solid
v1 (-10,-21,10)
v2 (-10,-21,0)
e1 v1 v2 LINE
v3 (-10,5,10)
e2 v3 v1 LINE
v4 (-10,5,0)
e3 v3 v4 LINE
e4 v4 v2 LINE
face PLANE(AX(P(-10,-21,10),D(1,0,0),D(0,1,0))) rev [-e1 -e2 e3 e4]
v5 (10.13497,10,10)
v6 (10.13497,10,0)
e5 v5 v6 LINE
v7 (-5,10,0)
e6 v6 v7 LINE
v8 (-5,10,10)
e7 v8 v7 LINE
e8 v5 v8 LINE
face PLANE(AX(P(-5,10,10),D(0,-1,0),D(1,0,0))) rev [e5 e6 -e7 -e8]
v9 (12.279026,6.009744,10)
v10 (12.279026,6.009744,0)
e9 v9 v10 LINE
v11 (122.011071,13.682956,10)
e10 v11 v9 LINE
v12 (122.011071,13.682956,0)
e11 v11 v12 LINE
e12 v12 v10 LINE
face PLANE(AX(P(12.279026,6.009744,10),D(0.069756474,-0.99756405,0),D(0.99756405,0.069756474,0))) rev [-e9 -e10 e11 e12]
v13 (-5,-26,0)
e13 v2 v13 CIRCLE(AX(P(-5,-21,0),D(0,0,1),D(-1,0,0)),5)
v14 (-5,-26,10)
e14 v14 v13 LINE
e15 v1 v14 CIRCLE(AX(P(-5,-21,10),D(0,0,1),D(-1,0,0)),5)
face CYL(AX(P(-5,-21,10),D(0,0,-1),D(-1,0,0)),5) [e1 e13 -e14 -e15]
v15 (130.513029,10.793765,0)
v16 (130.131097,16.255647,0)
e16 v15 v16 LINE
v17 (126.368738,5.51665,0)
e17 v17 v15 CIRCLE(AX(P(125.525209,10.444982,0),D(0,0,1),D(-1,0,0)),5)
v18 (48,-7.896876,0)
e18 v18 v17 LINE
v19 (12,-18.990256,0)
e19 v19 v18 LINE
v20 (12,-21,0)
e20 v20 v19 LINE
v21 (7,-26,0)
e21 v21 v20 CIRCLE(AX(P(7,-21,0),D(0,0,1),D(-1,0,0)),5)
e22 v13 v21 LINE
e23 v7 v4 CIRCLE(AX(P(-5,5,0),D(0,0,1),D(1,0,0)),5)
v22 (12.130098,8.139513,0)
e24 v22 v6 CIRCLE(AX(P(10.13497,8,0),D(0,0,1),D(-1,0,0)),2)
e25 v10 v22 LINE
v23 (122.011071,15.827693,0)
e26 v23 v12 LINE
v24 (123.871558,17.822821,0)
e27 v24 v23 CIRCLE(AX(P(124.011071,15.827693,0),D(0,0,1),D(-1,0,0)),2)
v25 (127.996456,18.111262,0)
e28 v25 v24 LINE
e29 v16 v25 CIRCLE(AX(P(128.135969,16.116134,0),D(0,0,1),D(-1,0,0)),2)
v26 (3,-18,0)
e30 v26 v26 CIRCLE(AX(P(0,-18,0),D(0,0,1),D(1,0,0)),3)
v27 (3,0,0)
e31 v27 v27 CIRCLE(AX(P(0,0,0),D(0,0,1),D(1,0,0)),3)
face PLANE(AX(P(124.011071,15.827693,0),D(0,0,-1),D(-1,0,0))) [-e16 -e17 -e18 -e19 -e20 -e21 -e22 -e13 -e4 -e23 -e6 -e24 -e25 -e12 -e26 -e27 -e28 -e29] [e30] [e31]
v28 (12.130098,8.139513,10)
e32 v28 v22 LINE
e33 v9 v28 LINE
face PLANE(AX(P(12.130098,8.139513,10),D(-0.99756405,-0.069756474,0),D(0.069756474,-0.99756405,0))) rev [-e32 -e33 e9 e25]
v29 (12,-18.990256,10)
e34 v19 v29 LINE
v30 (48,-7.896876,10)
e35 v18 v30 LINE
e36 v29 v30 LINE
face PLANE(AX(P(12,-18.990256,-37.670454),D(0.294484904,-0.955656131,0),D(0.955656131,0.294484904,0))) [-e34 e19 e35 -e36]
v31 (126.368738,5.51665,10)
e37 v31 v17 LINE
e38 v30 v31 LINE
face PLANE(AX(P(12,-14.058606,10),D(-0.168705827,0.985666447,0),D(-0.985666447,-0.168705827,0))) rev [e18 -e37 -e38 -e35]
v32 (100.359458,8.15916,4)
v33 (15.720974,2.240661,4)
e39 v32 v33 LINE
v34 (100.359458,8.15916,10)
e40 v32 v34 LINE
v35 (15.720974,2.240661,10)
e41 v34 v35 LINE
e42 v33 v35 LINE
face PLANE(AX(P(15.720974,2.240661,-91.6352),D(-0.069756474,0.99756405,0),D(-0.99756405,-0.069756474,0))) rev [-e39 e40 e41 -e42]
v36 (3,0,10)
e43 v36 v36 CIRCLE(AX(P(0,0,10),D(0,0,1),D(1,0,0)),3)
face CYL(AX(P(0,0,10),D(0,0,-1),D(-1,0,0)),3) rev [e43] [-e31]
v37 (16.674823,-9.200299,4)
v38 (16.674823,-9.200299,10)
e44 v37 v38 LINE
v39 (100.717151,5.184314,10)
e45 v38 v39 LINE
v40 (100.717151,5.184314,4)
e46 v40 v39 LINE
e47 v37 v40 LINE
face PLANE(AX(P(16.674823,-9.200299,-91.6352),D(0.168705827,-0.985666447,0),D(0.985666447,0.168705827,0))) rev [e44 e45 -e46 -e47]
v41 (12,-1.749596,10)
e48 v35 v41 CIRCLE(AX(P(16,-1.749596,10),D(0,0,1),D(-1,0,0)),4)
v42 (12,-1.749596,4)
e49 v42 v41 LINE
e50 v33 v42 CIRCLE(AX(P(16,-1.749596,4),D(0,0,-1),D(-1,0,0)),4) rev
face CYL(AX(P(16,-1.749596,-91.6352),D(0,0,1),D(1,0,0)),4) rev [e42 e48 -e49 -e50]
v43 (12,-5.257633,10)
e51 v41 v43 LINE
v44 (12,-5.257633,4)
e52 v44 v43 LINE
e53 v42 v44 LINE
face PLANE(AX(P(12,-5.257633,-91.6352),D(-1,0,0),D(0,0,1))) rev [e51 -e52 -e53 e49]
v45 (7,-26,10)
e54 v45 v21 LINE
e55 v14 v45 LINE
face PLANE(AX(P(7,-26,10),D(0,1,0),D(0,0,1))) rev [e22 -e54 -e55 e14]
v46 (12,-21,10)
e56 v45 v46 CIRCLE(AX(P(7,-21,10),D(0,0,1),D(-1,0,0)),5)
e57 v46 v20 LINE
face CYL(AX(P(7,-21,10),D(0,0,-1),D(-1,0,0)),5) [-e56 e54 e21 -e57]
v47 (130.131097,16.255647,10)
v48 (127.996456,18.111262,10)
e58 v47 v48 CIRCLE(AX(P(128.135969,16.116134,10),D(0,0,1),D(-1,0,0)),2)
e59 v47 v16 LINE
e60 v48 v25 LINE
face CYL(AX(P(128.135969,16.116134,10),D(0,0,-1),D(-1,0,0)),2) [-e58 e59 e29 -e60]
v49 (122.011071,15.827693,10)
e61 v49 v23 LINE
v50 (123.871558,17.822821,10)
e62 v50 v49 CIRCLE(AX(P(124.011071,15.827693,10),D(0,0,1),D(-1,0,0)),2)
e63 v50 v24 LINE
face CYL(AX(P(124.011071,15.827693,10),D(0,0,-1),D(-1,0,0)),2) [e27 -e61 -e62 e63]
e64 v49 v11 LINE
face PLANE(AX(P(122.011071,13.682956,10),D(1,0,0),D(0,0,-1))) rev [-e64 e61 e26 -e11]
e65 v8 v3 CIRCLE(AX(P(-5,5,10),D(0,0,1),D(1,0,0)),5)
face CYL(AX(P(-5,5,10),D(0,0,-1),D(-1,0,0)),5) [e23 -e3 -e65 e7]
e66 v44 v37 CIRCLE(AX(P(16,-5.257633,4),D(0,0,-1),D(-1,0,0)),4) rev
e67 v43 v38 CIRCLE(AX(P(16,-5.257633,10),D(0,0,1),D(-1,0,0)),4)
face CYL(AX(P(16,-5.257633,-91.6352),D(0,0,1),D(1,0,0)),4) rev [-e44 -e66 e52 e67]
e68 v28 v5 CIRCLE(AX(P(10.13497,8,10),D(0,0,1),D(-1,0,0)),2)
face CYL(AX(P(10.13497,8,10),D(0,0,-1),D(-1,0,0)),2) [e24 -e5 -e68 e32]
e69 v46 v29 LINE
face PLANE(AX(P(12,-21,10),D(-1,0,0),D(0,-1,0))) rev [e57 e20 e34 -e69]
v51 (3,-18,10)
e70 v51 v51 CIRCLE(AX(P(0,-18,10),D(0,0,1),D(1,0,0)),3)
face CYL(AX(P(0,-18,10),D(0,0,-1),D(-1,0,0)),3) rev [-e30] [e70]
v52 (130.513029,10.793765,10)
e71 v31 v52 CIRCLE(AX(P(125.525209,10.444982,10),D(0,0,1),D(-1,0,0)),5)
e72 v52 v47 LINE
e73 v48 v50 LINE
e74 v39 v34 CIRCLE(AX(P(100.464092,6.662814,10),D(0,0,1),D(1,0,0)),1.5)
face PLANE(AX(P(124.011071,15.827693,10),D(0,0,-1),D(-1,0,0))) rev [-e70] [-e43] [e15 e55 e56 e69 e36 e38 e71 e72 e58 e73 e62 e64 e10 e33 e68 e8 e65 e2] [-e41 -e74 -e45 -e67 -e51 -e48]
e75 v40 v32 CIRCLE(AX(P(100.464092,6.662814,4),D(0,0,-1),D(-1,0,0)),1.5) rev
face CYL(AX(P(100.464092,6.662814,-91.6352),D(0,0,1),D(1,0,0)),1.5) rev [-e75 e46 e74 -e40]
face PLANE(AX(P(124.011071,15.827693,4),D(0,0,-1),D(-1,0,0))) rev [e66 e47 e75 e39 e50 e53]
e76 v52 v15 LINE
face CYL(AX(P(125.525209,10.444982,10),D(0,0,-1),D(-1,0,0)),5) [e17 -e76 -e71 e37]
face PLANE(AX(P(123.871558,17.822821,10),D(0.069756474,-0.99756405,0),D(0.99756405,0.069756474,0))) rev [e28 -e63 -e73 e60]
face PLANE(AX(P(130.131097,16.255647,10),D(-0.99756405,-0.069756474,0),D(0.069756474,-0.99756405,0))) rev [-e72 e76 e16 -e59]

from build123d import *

# Parameters (mm, degrees)
SKETCH1_R           = 3
BOSS_EXTRUDE1_DEPTH = 10
CUT_EXTRUDE1_DEPTH  = 6
BOSS_EXTRUDE2_DEPTH = 10


with BuildPart() as part:
    # Sketch1 → Boss-Extrude1 (new body)
    with BuildSketch(Plane.XY):
        with BuildLine():
            Line((-5, 10), (10.134969828, 10))
            ThreePointArc((10.134969828, 10), (11.498966548, 9.462707403), (12.130097928, 8.139512947))
            Line((12.130097928, 8.139512947), (12.279025895, 6.009743799))
            Line((12.279025895, 6.009743799), (122.011071424, 13.682955911))
            Line((122.011071424, 13.682955911), (122.011071424, 15.827693331))
            ThreePointArc((122.011071424, 15.827693331), (122.54836402, 17.191690051), (123.871558476, 17.822821431))
            Line((123.871558476, 17.822821431), (127.996455725, 18.111262346))
            ThreePointArc((127.996455725, 18.111262346), (129.448086731, 17.625553406), (130.131096773, 16.255647193))
            Line((130.131096773, 16.255647193), (130.513028814, 10.79376454))
            ThreePointArc((130.513028814, 10.79376454), (129.45752894, 7.356802052), (126.3687377, 5.516649939))
            Line((126.3687377, 5.516649939), (12, -14.058605554))
            Line((12, -14.058605554), (12, -21))
            ThreePointArc((12, -21), (10.535533906, -24.535533906), (7, -26))
            Line((7, -26), (-5, -26))
            ThreePointArc((-5, -26), (-8.535533906, -24.535533906), (-10, -21))
            Line((-10, -21), (-10, 5))
            ThreePointArc((-10, 5), (-8.535533906, 8.535533906), (-5, 10))
        make_face()
        Circle(SKETCH1_R, mode=Mode.SUBTRACT)
        with Locations((0, -18)):
            Circle(SKETCH1_R, mode=Mode.SUBTRACT)
    extrude(amount=BOSS_EXTRUDE1_DEPTH)

    # Sketch2 → Cut-Extrude1 (cut)
    with BuildSketch(Plane.XY.offset(10)):
        with BuildLine():
            Line((12, -5.257633034), (12, -1.749595529))
            ThreePointArc((12, -1.749595529), (13.074585194, 0.978397911), (15.720974105, 2.240660672))
            Line((15.720974105, 2.240660672), (100.359457674, 8.159159996))
            ThreePointArc((100.359457674, 8.159159996), (101.953365437, 6.84188311), (100.717151126, 5.18431425))
            Line((100.717151126, 5.18431425), (16.67482331, -9.20029882))
            ThreePointArc((16.67482331, -9.20029882), (13.421172092, -8.31535222), (12, -5.257633034))
        make_face()
    extrude(amount=-CUT_EXTRUDE1_DEPTH, mode=Mode.SUBTRACT)

    # Sketch4 → Boss-Extrude2 (add)
    with BuildSketch(Plane.XY.offset(10)):
        Polygon((12, -18.990256201), (48, -7.896876292), (12, -14.058605554), align=None)
    extrude(amount=-BOSS_EXTRUDE2_DEPTH)


solid = part.part
